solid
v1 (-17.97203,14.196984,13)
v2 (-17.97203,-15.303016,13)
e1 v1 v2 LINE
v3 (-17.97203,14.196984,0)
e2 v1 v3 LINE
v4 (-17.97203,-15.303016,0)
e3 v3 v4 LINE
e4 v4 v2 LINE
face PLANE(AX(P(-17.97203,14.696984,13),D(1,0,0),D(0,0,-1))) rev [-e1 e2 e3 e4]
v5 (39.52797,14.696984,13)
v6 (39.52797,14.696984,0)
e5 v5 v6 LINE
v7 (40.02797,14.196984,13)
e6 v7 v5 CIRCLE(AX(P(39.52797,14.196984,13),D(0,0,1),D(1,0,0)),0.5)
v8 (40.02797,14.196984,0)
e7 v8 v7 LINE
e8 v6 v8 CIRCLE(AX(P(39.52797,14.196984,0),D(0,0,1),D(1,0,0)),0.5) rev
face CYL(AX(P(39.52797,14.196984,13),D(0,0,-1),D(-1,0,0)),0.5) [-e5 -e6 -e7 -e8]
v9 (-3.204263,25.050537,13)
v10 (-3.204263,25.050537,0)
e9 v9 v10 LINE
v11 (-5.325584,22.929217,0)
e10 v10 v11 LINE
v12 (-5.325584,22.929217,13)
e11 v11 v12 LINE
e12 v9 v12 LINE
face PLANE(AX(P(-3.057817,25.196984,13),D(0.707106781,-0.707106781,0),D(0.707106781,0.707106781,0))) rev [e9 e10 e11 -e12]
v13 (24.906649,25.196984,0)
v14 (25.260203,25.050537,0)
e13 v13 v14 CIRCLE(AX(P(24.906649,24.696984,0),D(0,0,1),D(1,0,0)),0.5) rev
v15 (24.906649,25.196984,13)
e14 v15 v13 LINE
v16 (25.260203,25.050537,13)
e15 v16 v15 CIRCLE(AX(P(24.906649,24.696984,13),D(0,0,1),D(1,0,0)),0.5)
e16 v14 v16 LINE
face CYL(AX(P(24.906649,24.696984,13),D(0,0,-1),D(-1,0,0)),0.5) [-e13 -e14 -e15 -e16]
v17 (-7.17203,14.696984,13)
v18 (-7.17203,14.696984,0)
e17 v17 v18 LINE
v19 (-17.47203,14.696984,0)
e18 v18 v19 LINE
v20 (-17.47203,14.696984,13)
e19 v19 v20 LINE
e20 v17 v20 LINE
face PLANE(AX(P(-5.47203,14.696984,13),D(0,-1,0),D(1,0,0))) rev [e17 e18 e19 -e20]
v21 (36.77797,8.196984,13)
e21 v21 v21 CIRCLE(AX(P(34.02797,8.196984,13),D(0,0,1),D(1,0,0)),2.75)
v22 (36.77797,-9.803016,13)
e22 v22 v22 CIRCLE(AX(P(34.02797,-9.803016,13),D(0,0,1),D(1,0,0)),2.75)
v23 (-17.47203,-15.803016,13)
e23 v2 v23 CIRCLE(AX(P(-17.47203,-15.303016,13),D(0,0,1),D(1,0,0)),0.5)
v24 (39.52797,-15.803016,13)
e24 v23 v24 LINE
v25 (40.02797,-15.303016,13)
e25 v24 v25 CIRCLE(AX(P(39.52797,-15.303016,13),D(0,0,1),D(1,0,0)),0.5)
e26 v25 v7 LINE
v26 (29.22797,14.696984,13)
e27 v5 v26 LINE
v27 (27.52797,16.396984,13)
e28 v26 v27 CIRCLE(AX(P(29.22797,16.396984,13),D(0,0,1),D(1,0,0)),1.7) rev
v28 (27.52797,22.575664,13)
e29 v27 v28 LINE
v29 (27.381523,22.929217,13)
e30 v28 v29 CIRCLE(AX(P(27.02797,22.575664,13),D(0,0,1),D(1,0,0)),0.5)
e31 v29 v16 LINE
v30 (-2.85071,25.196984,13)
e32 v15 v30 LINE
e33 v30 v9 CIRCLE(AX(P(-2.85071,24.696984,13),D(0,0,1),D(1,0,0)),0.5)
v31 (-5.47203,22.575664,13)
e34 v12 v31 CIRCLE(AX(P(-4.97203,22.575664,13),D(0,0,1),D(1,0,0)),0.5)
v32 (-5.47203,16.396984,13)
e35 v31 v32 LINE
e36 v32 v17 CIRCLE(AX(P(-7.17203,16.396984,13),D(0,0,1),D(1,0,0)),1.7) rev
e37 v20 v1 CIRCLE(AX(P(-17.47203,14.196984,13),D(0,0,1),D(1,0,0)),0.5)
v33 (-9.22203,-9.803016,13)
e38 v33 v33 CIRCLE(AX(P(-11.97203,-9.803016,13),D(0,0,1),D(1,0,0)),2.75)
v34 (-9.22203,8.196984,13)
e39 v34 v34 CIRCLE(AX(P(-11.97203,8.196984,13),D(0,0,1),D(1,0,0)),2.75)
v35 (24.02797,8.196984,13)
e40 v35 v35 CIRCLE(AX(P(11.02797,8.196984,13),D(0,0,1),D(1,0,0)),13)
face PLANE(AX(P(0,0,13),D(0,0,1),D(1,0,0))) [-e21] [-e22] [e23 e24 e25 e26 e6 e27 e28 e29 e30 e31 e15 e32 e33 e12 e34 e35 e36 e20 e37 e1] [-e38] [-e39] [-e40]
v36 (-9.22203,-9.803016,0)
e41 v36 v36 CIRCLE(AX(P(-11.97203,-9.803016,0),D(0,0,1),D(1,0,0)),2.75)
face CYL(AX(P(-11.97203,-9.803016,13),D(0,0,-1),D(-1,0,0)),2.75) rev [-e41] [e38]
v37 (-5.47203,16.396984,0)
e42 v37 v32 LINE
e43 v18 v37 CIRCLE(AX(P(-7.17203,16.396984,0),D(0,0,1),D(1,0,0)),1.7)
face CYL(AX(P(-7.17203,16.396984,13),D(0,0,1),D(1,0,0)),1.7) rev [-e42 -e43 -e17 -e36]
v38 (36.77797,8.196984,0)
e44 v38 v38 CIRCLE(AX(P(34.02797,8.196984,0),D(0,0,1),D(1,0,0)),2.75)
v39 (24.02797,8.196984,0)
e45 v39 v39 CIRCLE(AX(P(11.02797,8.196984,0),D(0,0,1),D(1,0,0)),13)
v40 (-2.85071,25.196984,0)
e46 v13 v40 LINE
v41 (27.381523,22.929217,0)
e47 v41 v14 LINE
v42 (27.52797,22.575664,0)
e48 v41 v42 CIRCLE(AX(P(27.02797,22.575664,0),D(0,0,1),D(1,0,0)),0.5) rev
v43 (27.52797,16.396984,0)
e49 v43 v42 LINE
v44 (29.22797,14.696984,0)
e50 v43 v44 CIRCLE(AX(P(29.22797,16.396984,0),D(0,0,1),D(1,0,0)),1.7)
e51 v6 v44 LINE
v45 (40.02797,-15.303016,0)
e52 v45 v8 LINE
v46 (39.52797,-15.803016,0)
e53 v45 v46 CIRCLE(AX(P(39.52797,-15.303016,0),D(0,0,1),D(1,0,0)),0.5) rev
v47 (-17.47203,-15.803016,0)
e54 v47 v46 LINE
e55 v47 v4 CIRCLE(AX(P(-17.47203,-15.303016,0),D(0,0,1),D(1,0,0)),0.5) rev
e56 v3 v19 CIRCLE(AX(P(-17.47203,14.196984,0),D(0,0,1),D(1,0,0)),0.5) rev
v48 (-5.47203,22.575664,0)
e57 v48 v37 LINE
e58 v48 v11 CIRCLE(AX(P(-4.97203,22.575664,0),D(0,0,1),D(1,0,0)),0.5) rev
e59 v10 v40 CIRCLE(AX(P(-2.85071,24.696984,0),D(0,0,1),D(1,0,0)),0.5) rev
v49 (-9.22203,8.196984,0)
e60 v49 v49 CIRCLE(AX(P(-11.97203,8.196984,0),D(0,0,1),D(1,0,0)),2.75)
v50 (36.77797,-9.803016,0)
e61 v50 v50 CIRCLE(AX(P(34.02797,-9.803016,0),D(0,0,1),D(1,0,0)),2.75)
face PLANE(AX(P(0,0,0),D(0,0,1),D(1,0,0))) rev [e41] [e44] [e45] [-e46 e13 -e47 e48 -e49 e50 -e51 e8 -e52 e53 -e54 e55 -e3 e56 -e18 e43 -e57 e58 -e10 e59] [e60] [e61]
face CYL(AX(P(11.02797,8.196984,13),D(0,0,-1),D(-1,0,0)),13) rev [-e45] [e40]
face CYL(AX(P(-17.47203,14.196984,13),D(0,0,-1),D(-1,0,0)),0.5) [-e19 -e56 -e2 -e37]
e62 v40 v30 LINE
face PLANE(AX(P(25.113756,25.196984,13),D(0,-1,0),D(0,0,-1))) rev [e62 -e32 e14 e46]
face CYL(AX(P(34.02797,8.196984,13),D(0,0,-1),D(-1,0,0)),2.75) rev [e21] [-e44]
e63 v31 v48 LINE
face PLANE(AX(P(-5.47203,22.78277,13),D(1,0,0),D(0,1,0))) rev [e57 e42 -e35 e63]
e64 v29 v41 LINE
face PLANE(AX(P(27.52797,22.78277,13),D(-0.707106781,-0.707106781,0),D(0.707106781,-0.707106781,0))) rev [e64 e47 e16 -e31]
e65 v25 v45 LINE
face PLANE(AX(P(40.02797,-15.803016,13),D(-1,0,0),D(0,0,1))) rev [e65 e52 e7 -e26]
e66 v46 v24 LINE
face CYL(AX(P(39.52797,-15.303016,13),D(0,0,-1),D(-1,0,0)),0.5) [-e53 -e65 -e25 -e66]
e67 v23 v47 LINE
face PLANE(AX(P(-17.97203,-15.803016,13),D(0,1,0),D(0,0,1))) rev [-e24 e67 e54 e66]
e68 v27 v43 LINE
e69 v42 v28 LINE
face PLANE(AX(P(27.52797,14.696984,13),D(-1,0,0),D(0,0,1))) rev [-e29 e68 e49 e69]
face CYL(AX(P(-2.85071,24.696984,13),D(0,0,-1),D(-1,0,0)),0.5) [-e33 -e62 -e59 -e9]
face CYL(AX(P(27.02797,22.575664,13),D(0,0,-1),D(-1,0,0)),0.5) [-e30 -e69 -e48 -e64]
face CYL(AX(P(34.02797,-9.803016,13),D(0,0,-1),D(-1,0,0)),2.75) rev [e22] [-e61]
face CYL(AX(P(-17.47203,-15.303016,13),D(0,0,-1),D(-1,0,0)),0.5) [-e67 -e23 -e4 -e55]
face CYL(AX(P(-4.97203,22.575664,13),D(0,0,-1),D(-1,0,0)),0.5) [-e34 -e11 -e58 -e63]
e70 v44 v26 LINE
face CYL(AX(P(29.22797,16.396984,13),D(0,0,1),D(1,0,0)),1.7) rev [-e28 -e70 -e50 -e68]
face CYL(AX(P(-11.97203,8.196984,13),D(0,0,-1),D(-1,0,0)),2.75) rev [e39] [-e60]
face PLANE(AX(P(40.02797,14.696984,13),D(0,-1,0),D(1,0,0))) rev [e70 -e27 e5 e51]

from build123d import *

# Parameters (mm, degrees)
SKETCH1_R           = 2.75
SKETCH1_R_2         = 13
BOSS_EXTRUDE1_DEPTH = 13
FILLET1_R           = 1.7
FILLET2_R           = 0.5


with BuildPart() as part:
    # Sketch1 → Boss-Extrude1 (new body)
    with BuildSketch(Plane.XY):
        Polygon((40.027969698, 14.696983914), (27.527969698, 14.696983914), (27.527969698, 22.782770351), (25.113756136, 25.196983914), (-3.057816739, 25.196983914), (-5.472030302, 22.782770351), (-5.472030302, 14.696983914), (-17.972030302, 14.696983914), (-17.972030302, -15.803016086), (40.027969698, -15.803016086), align=None)
        with Locations((34.027969698, 8.196983914)):
            Circle(SKETCH1_R, mode=Mode.SUBTRACT)
        with Locations((34.027969698, -9.803016086)):
            Circle(SKETCH1_R, mode=Mode.SUBTRACT)
        with Locations((-11.972030302, -9.803016086)):
            Circle(SKETCH1_R, mode=Mode.SUBTRACT)
        with Locations((-11.972030302, 8.196983914)):
            Circle(SKETCH1_R, mode=Mode.SUBTRACT)
        with Locations((11.027969698, 8.196983914)):
            Circle(SKETCH1_R_2, mode=Mode.SUBTRACT)
    extrude(amount=BOSS_EXTRUDE1_DEPTH)

    # Fillet1
    fillet1_edges = [part.edges().sort_by_distance(p)[0] for p in [
        (-5.472030302, 14.696983914, 6.5),
        (27.527969698, 14.696983914, 6.5),
    ]]
    fillet(fillet1_edges, radius=FILLET1_R)

    # Fillet2
    fillet2_edges = [part.edges().sort_by_distance(p)[0] for p in [
        (40.027969698, -15.803016086, 6.5),
        (-17.972030302, -15.803016086, 6.5),
        (-17.972030302, 14.696983914, 6.5),
        (-5.472030302, 22.782770351, 6.5),
        (-3.057816739, 25.196983914, 6.5),
        (25.113756136, 25.196983914, 6.5),
        (27.527969698, 22.782770351, 6.5),
        (40.027969698, 14.696983914, 6.5),
    ]]
    fillet(fillet2_edges, radius=FILLET2_R)


solid = part.part
